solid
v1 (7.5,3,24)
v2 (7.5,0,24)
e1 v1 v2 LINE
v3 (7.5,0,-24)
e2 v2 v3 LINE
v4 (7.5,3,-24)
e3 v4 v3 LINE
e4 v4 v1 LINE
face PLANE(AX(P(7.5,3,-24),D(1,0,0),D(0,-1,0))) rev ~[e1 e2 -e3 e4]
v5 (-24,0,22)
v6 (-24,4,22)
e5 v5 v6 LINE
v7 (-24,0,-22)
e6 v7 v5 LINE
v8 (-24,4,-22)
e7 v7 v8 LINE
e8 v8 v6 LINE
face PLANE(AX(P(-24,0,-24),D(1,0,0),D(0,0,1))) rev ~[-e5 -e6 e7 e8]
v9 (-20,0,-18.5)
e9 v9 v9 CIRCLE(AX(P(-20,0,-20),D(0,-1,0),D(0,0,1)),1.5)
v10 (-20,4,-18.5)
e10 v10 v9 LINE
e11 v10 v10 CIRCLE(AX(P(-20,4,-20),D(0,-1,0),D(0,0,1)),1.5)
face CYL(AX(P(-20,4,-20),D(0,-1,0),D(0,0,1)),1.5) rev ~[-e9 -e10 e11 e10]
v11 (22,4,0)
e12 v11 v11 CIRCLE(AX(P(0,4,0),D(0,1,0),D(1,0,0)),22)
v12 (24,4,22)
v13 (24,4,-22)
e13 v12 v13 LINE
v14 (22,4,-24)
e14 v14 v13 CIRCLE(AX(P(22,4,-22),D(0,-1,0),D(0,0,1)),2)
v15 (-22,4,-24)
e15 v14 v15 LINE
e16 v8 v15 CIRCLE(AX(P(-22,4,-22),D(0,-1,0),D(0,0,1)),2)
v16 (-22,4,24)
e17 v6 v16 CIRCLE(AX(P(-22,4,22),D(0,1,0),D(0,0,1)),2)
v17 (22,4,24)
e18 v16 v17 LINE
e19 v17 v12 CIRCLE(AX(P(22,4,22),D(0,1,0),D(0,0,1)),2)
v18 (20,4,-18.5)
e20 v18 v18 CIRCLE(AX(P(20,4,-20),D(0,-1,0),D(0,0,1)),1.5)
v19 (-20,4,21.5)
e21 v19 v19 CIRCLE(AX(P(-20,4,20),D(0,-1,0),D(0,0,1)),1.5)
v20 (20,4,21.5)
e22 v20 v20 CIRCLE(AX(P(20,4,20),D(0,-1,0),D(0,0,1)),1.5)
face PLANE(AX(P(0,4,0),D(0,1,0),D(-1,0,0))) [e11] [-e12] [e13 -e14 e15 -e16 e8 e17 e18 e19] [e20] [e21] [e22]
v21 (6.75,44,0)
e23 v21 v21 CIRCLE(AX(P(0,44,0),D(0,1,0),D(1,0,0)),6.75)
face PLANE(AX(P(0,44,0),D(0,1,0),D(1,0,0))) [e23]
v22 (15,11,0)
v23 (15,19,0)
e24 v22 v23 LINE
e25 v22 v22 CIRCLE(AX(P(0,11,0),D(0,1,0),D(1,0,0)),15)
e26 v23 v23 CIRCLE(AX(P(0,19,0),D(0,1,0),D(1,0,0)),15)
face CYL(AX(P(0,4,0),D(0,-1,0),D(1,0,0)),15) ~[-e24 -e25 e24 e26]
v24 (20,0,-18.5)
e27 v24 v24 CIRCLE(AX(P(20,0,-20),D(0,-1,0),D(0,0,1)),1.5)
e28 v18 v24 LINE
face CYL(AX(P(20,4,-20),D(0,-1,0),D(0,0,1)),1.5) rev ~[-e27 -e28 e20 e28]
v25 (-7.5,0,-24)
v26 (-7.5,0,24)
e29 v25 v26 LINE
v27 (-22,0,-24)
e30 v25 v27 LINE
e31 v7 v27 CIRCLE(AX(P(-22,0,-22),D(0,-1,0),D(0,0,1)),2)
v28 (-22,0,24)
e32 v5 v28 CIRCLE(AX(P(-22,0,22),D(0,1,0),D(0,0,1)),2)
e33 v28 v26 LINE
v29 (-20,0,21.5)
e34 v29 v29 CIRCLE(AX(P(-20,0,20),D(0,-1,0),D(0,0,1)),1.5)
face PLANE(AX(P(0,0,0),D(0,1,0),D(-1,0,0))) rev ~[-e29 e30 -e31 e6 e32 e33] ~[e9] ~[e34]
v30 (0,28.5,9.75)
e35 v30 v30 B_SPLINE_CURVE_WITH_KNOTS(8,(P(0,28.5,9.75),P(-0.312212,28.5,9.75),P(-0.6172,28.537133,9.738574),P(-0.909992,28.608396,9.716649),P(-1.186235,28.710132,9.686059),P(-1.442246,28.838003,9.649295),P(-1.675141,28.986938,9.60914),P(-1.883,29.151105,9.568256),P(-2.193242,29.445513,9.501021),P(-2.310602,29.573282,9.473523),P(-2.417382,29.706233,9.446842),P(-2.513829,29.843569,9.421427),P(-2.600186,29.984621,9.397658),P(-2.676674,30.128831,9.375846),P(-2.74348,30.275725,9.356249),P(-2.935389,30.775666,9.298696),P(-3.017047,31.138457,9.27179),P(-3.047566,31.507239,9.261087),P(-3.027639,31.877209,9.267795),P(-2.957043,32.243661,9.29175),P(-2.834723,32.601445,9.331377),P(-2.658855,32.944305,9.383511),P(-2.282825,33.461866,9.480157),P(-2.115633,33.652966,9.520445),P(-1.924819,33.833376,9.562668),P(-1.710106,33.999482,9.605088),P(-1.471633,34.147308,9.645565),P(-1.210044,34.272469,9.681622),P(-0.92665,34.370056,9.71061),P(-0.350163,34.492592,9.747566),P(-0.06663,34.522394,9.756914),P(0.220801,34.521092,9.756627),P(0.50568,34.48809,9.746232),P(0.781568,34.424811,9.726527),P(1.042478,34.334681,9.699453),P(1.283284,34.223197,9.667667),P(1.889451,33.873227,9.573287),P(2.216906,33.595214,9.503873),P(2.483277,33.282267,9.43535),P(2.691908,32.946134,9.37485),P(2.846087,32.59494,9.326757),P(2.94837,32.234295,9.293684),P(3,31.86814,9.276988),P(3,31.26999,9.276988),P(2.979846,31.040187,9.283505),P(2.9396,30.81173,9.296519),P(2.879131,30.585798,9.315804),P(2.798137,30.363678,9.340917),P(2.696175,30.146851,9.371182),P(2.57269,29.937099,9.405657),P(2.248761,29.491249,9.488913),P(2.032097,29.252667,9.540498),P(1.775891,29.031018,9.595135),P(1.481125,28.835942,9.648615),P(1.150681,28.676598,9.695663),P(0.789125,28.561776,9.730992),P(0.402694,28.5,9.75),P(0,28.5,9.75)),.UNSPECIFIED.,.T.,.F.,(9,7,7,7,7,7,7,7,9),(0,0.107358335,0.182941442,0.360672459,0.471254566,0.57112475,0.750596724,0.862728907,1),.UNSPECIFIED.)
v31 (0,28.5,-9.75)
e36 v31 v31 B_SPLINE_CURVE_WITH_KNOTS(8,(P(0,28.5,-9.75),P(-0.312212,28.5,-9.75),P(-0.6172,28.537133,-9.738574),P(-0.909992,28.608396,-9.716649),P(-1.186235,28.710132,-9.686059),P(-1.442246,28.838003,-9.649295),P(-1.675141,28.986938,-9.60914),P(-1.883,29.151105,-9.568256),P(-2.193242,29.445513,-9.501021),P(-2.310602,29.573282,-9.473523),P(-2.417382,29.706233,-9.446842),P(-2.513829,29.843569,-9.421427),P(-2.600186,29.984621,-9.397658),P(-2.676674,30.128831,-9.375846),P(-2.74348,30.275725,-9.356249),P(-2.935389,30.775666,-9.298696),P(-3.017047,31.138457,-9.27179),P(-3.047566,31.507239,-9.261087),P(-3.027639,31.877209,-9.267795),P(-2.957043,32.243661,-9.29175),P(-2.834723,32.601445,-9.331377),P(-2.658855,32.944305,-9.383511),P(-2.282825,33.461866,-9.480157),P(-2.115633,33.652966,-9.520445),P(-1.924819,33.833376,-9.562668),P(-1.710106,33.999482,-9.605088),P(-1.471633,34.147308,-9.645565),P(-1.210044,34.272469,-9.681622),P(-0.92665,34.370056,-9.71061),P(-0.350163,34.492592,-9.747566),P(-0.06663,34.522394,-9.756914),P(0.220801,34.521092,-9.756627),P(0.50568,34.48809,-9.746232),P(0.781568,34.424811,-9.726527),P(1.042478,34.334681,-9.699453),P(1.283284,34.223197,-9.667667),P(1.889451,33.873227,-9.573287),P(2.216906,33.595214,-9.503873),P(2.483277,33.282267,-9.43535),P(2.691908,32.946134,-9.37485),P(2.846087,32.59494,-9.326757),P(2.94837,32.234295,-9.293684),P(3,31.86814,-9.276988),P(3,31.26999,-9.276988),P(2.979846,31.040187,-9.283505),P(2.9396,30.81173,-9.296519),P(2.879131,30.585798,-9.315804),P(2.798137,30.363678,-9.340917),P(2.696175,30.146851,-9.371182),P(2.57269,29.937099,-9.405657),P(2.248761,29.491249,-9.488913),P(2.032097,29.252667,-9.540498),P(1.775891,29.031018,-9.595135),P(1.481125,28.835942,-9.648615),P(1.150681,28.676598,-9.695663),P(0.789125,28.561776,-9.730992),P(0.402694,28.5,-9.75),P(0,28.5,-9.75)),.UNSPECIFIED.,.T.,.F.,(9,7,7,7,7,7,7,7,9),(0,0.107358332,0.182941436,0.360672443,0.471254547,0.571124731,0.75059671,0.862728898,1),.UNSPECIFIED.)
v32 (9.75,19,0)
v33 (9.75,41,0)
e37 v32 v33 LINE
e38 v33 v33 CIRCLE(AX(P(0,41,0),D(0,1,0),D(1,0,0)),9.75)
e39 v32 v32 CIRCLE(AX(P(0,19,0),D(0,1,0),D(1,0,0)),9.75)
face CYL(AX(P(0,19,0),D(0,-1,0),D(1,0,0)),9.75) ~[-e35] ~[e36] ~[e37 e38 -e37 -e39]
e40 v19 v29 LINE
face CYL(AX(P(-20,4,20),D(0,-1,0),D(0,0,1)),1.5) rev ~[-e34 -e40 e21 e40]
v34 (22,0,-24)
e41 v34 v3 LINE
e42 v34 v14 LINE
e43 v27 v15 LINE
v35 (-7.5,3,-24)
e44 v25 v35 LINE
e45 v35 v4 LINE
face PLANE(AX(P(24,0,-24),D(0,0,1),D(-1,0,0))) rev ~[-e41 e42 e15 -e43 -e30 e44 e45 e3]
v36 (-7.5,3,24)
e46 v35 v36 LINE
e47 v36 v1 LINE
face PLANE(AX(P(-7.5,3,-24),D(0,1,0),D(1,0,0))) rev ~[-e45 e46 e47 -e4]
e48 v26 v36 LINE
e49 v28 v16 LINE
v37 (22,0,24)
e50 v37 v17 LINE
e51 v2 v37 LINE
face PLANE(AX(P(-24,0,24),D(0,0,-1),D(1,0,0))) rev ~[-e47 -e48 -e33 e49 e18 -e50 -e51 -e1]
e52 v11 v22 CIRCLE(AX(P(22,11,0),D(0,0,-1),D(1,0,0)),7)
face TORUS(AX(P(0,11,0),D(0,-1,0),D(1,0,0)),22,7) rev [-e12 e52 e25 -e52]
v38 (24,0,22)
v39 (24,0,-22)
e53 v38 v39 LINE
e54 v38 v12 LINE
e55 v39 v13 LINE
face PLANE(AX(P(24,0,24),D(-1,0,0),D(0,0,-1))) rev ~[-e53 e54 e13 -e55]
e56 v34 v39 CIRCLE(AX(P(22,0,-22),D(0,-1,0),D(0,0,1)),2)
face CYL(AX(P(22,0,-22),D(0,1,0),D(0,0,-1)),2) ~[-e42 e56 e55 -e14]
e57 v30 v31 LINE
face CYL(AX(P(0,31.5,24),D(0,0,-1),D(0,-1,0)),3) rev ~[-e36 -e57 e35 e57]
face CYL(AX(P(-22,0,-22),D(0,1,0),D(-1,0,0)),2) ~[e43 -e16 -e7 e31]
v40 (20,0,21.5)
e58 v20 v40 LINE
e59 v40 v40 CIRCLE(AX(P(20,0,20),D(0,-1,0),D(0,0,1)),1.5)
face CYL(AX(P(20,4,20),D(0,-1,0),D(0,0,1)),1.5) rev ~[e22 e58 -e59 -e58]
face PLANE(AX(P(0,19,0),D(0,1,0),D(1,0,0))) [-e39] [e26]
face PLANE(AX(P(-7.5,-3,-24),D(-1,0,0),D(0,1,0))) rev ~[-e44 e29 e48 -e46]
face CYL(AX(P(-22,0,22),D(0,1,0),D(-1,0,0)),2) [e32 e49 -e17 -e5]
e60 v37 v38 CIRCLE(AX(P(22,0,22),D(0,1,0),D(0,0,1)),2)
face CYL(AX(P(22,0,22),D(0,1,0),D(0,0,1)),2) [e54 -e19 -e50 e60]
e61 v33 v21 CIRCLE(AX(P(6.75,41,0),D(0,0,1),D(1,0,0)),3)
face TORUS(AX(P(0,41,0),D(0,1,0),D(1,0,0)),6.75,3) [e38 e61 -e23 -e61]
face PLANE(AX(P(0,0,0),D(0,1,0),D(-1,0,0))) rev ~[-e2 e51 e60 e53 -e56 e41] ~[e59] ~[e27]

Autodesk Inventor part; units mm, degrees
ref_plane "YZ Plane" through (0, 0, 0) normal (1, 0, 0) x (0, 1, 0)
ref_plane "XZ Plane" through (0, 0, 0) normal (0, 1, 0) x (-1, 0, 0)
ref_plane "XY Plane" through (0, 0, 0) normal (0, 0, 1) x (1, 0, 0)
sketch "Sketch1" plane through (0, 0, 0) normal (0, 1, 0) x (-1, 0, 0)
  line L0 (24, 24) -> (-24, 24)
  line L1 (-24, 24) -> (-24, -24)
  line L2 (-24, -24) -> (24, -24)
  line L3 (24, -24) -> (24, 24)
  line L4 (24, 24) -> (-24, -24) construction
  line L5 (-24, 24) -> (24, -24) construction
  point P0 (0, 0)
  dimension "d0" = 48
  dimension "d1" = 48
extrude "Extrusion1" add sketch "Sketch1" along normal blind 4
sketch "Sketch2" plane through (0, 4, 0) normal (0, 1, 0) x (1, 0, 0)
  circle A0 centre (0, 0) radius 15
  dimension "d4" = 30
extrude "Extrusion2" add sketch "Sketch2" along normal blind 15
fillet "Fillet1" radius 7 1 edges at (-15, 4, 0)
sketch "Sketch4" plane through (0, 4, 0) normal (0, 1, 0) x (1, 0, 0)
  line L0 (20, 20) -> (-20, 20) construction
  line L1 (-20, 20) -> (-20, -20) construction
  line L2 (-20, -20) -> (20, -20) construction
  line L3 (20, -20) -> (20, 20) construction
  line L4 (20, 20) -> (-20, -20) construction
  line L5 (-20, 20) -> (20, -20) construction
  point P0 (0, 0)
  dimension "d11" = 40
  dimension "d12" = 40
hole "Hole1" at (-20, 4, 20) at (-20, 4, -20) at (20, 4, 20) at (20, 4, -20) direction (0, -1, 0) diameter 3 end through all
fillet "Fillet2" radius 2 4 edges at (24, 2, 24) (-24, 2, 24) (24, 2, -24) (-24, 2, -24)
sketch "Sketch5" plane through (22, 0, -24) normal (0, 0, -1) x (-1, 0, 0)
  line L0 (14.5, -3) -> (29.5, -3)
  line L1 (29.5, -3) -> (29.5, 3)
  line L2 (29.5, 3) -> (14.5, 3)
  line L3 (14.5, 3) -> (14.5, -3)
  line L4 (14.5, -3) -> (29.5, 3) construction
  line L5 (29.5, -3) -> (14.5, 3) construction
  point P0 (22, 0)
  dimension "d21" = 15
  dimension "d22" = 6
extrude "Extrusion4" cut sketch "Sketch5" against normal blind 80
sketch "Sketch6" plane through (0, 19, 0) normal (0, 1, 0) x (1, 0, 0)
  circle A0 centre (0, 0) radius 9.75
  dimension "d25" = 19.5
extrude "Extrusion5" add sketch "Sketch6" along normal blind 25
fillet "Fillet3" radius 3 1 edges at (-9.75, 44, 0)
sketch "Sketch7" plane through (-22, 4, 24) normal (0, 0, 1) x (1, 0, 0)
  line L0 (22, -4) -> (22, 27.5) construction
  dimension "d29" = 31.5
hole "Hole2" at (0, 31.5, 24) direction (0, 0, -1) diameter 6 end through all
properties part number "adaptor"
